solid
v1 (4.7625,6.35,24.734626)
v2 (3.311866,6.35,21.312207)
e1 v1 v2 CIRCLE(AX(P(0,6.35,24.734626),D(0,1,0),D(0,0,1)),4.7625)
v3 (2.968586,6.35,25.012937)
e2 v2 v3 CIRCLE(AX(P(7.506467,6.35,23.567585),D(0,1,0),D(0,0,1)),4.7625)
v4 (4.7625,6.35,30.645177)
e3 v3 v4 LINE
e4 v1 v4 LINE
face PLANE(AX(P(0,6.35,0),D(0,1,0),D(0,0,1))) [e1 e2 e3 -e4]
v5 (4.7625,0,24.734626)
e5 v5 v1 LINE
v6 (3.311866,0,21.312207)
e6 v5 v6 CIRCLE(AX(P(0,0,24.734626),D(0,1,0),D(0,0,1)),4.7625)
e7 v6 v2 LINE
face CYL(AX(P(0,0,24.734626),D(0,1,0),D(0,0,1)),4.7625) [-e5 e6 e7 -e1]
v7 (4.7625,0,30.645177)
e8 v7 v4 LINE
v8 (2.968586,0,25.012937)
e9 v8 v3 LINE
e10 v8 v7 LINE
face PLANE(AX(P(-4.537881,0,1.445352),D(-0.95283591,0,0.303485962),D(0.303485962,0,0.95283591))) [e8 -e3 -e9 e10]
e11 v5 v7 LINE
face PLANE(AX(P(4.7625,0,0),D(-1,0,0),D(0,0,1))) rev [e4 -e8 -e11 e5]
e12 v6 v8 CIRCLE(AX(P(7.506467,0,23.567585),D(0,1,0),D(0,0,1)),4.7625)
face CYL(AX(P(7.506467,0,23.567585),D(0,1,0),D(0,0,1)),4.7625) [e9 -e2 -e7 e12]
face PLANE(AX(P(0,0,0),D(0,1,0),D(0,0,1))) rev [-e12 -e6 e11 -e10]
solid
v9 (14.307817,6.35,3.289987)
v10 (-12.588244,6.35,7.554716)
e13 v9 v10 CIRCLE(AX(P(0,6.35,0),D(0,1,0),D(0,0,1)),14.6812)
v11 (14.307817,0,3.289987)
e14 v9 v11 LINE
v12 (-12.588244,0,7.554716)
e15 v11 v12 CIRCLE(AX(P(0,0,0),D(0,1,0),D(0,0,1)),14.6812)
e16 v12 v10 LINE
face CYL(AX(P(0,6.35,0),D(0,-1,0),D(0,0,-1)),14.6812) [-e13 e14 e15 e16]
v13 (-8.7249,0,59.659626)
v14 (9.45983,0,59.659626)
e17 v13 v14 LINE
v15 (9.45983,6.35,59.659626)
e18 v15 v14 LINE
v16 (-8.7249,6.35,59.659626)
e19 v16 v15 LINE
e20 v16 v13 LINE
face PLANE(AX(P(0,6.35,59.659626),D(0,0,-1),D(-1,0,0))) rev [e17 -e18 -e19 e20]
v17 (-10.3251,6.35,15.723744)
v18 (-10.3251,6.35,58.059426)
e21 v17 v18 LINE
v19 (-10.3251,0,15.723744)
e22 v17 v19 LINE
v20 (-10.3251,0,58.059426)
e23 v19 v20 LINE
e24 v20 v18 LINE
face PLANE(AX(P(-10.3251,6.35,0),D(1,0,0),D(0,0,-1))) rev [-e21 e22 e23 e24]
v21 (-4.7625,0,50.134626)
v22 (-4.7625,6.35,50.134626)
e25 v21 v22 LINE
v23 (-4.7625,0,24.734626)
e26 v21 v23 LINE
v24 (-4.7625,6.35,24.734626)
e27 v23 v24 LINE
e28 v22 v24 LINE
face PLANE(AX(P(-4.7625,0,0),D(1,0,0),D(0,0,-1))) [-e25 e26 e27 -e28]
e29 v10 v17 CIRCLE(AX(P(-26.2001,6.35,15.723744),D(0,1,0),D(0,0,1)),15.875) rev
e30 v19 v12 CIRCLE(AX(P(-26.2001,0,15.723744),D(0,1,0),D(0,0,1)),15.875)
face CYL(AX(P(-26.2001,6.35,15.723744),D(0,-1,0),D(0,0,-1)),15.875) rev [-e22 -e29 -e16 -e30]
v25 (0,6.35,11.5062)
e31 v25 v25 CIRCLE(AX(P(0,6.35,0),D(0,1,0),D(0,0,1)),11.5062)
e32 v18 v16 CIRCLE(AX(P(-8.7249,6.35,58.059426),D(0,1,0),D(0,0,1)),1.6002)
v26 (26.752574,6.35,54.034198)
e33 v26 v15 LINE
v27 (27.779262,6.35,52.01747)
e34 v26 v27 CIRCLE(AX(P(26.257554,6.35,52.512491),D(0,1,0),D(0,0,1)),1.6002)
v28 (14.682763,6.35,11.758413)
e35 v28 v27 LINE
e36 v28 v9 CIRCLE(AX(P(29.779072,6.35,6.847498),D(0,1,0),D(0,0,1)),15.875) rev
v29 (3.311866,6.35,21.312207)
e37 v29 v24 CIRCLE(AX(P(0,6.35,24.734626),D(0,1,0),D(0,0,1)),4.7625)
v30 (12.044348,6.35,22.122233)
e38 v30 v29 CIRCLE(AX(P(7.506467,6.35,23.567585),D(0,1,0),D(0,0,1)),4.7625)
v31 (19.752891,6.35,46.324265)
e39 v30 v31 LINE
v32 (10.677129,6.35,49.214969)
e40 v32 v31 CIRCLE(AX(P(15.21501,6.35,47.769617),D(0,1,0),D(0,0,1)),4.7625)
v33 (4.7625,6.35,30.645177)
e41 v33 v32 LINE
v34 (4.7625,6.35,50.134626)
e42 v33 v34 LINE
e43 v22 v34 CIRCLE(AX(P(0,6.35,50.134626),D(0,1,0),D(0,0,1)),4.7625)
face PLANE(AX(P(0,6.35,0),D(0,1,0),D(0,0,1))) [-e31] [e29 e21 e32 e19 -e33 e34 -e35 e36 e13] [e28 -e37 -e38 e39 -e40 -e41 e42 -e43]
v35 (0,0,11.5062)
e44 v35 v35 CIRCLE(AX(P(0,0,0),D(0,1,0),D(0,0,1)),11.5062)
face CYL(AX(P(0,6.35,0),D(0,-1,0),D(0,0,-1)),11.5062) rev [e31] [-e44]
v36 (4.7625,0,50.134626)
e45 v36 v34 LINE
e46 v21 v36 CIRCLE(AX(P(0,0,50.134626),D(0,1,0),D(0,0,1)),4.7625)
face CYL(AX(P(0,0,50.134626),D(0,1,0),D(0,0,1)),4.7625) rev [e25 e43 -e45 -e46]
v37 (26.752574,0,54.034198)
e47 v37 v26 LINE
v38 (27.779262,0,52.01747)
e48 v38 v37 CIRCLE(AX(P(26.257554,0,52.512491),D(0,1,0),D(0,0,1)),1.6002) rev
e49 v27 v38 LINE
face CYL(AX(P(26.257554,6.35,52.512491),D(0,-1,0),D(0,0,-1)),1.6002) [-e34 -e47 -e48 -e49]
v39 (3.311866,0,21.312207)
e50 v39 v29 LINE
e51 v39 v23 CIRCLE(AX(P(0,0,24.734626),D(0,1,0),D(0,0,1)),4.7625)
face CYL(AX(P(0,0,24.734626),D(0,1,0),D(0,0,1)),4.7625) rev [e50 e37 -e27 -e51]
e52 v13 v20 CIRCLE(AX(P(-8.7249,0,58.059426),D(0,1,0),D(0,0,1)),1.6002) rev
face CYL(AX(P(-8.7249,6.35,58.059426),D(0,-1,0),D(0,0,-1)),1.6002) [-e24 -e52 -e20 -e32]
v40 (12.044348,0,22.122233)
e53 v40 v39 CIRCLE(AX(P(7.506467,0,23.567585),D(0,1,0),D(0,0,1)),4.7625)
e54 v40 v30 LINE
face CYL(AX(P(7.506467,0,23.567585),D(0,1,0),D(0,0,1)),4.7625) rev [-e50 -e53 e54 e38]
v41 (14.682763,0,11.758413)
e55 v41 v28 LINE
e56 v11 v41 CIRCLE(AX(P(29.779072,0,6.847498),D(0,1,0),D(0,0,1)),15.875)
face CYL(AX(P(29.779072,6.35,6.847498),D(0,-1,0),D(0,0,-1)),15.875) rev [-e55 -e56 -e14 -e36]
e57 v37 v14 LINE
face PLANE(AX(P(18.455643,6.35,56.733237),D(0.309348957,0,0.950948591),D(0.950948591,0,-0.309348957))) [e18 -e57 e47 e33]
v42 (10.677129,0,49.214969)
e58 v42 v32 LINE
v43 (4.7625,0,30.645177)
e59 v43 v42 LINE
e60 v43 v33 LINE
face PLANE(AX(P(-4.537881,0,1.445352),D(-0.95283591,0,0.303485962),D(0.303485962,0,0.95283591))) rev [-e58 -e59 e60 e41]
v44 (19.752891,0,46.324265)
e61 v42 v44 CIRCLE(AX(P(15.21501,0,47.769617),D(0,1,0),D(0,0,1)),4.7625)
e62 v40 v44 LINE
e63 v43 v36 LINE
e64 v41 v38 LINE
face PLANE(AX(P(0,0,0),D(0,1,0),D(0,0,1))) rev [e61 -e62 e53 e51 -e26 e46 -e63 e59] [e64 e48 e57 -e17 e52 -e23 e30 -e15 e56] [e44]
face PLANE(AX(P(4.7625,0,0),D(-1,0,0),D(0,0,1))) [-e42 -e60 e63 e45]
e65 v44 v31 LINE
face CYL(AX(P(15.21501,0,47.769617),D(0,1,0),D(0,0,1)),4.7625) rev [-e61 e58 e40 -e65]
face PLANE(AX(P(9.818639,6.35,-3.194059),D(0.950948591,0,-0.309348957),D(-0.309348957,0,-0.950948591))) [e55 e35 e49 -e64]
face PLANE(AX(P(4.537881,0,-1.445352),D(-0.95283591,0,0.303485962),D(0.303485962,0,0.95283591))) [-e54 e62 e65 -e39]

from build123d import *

# Parameters (mm, degrees)
SKETCH1_R           = 11.5062
BOSS_EXTRUDE1_DEPTH = 6.35
FILLET1_R           = 1.6002
FILLET2_R           = 15.875
CUT_EXTRUDE1_DEPTH  = 6.35


with BuildPart() as part:
    # Sketch1 → Boss-Extrude1 (new body)
    with BuildSketch(Plane(origin=(0, 0, 0), x_dir=(1, 0, 0), z_dir=(0, 1, 0))):
        with BuildLine():
            Line((-10.3251, -10.436950868), (-10.3251, -59.659625888))
            Line((-10.3251, -59.659625888), (9.459830419, -59.659625888))
            Line((9.459830419, -59.659625888), (28.274282324, -53.539178236))
            Line((28.274282324, -53.539178236), (13.047299162, -6.730944809))
            ThreePointArc((13.047299162, -6.730944809), (-2.299176439, 14.500049005), (-10.3251, -10.436950868))
        make_face()
        with Locations(Location((0, 0, 0), (0, 0, 270))):
            Circle(SKETCH1_R, mode=Mode.SUBTRACT)
    extrude(amount=BOSS_EXTRUDE1_DEPTH)

    # Fillet1
    fillet1_edges = [part.edges().sort_by_distance(p)[0] for p in [
        (28.274282324, 3.175, 53.539178236),
        (-10.3251, 3.175, 59.659625888),
    ]]
    fillet(fillet1_edges, radius=FILLET1_R)

    # Fillet2
    fillet2_edges = [part.edges().sort_by_distance(p)[0] for p in [
        (13.047299162, 3.175, 6.730944809),
        (-10.3251, 3.175, 10.436950868),
    ]]
    fillet(fillet2_edges, radius=FILLET2_R)

    # Sketch2 → Cut-Extrude1 (cut)
    with BuildSketch(Plane(origin=(0, 6.35, 0), x_dir=(1, 0, 0), z_dir=(0, 1, 0))):
        with BuildLine():
            Line((-4.7625, -24.734625888), (-4.7625, -50.134625888))
            ThreePointArc((-4.7625, -50.134625888), (0, -54.897125888), (4.7625, -50.134625888))
            Line((4.7625, -50.134625888), (4.7625, -30.645176967))
            Line((4.7625, -30.645176967), (2.968585925, -25.012937053))
            ThreePointArc((2.968585925, -25.012937053), (2.764324982, -23.127703518), (3.311866053, -21.312207226))
            ThreePointArc((3.311866053, -21.312207226), (-1.858580664, -20.349755974), (-4.7625, -24.734625888))
        make_face()
        with BuildLine():
            ThreePointArc((12.044347964, -22.122233262), (7.946348584, -18.825443195), (3.311866053, -21.312207226))
            ThreePointArc((3.311866053, -21.312207226), (4.384869914, -22.876045223), (4.7625, -24.734625888))
            Line((4.7625, -24.734625888), (4.7625, -30.645176967))
            Line((4.7625, -30.645176967), (10.677129365, -49.214969158))
            ThreePointArc((10.677129365, -49.214969158), (16.66036228, -52.307498282), (19.752891405, -46.324265367))
            Line((19.752891405, -46.324265367), (12.044347964, -22.122233262))
        make_face()
    extrude(amount=-CUT_EXTRUDE1_DEPTH, mode=Mode.SUBTRACT)


with BuildPart() as cut_extrude1_piece_1:
    # of the separate pieces the step leaves, piece 1, a body of its own (cut_extrude1_pieces)
    add(part.part.solids().sort_by_distance((-10.3251, 0, 15.723743779))[0])


with BuildPart() as cut_extrude1_piece_2:
    # of the separate pieces the step leaves, piece 2, a body of its own (cut_extrude1_pieces)
    add(part.part.solids().sort_by_distance((4.7625, 0, 24.734625888))[0])


solid = Compound([cut_extrude1_piece_1.part, cut_extrude1_piece_2.part])
